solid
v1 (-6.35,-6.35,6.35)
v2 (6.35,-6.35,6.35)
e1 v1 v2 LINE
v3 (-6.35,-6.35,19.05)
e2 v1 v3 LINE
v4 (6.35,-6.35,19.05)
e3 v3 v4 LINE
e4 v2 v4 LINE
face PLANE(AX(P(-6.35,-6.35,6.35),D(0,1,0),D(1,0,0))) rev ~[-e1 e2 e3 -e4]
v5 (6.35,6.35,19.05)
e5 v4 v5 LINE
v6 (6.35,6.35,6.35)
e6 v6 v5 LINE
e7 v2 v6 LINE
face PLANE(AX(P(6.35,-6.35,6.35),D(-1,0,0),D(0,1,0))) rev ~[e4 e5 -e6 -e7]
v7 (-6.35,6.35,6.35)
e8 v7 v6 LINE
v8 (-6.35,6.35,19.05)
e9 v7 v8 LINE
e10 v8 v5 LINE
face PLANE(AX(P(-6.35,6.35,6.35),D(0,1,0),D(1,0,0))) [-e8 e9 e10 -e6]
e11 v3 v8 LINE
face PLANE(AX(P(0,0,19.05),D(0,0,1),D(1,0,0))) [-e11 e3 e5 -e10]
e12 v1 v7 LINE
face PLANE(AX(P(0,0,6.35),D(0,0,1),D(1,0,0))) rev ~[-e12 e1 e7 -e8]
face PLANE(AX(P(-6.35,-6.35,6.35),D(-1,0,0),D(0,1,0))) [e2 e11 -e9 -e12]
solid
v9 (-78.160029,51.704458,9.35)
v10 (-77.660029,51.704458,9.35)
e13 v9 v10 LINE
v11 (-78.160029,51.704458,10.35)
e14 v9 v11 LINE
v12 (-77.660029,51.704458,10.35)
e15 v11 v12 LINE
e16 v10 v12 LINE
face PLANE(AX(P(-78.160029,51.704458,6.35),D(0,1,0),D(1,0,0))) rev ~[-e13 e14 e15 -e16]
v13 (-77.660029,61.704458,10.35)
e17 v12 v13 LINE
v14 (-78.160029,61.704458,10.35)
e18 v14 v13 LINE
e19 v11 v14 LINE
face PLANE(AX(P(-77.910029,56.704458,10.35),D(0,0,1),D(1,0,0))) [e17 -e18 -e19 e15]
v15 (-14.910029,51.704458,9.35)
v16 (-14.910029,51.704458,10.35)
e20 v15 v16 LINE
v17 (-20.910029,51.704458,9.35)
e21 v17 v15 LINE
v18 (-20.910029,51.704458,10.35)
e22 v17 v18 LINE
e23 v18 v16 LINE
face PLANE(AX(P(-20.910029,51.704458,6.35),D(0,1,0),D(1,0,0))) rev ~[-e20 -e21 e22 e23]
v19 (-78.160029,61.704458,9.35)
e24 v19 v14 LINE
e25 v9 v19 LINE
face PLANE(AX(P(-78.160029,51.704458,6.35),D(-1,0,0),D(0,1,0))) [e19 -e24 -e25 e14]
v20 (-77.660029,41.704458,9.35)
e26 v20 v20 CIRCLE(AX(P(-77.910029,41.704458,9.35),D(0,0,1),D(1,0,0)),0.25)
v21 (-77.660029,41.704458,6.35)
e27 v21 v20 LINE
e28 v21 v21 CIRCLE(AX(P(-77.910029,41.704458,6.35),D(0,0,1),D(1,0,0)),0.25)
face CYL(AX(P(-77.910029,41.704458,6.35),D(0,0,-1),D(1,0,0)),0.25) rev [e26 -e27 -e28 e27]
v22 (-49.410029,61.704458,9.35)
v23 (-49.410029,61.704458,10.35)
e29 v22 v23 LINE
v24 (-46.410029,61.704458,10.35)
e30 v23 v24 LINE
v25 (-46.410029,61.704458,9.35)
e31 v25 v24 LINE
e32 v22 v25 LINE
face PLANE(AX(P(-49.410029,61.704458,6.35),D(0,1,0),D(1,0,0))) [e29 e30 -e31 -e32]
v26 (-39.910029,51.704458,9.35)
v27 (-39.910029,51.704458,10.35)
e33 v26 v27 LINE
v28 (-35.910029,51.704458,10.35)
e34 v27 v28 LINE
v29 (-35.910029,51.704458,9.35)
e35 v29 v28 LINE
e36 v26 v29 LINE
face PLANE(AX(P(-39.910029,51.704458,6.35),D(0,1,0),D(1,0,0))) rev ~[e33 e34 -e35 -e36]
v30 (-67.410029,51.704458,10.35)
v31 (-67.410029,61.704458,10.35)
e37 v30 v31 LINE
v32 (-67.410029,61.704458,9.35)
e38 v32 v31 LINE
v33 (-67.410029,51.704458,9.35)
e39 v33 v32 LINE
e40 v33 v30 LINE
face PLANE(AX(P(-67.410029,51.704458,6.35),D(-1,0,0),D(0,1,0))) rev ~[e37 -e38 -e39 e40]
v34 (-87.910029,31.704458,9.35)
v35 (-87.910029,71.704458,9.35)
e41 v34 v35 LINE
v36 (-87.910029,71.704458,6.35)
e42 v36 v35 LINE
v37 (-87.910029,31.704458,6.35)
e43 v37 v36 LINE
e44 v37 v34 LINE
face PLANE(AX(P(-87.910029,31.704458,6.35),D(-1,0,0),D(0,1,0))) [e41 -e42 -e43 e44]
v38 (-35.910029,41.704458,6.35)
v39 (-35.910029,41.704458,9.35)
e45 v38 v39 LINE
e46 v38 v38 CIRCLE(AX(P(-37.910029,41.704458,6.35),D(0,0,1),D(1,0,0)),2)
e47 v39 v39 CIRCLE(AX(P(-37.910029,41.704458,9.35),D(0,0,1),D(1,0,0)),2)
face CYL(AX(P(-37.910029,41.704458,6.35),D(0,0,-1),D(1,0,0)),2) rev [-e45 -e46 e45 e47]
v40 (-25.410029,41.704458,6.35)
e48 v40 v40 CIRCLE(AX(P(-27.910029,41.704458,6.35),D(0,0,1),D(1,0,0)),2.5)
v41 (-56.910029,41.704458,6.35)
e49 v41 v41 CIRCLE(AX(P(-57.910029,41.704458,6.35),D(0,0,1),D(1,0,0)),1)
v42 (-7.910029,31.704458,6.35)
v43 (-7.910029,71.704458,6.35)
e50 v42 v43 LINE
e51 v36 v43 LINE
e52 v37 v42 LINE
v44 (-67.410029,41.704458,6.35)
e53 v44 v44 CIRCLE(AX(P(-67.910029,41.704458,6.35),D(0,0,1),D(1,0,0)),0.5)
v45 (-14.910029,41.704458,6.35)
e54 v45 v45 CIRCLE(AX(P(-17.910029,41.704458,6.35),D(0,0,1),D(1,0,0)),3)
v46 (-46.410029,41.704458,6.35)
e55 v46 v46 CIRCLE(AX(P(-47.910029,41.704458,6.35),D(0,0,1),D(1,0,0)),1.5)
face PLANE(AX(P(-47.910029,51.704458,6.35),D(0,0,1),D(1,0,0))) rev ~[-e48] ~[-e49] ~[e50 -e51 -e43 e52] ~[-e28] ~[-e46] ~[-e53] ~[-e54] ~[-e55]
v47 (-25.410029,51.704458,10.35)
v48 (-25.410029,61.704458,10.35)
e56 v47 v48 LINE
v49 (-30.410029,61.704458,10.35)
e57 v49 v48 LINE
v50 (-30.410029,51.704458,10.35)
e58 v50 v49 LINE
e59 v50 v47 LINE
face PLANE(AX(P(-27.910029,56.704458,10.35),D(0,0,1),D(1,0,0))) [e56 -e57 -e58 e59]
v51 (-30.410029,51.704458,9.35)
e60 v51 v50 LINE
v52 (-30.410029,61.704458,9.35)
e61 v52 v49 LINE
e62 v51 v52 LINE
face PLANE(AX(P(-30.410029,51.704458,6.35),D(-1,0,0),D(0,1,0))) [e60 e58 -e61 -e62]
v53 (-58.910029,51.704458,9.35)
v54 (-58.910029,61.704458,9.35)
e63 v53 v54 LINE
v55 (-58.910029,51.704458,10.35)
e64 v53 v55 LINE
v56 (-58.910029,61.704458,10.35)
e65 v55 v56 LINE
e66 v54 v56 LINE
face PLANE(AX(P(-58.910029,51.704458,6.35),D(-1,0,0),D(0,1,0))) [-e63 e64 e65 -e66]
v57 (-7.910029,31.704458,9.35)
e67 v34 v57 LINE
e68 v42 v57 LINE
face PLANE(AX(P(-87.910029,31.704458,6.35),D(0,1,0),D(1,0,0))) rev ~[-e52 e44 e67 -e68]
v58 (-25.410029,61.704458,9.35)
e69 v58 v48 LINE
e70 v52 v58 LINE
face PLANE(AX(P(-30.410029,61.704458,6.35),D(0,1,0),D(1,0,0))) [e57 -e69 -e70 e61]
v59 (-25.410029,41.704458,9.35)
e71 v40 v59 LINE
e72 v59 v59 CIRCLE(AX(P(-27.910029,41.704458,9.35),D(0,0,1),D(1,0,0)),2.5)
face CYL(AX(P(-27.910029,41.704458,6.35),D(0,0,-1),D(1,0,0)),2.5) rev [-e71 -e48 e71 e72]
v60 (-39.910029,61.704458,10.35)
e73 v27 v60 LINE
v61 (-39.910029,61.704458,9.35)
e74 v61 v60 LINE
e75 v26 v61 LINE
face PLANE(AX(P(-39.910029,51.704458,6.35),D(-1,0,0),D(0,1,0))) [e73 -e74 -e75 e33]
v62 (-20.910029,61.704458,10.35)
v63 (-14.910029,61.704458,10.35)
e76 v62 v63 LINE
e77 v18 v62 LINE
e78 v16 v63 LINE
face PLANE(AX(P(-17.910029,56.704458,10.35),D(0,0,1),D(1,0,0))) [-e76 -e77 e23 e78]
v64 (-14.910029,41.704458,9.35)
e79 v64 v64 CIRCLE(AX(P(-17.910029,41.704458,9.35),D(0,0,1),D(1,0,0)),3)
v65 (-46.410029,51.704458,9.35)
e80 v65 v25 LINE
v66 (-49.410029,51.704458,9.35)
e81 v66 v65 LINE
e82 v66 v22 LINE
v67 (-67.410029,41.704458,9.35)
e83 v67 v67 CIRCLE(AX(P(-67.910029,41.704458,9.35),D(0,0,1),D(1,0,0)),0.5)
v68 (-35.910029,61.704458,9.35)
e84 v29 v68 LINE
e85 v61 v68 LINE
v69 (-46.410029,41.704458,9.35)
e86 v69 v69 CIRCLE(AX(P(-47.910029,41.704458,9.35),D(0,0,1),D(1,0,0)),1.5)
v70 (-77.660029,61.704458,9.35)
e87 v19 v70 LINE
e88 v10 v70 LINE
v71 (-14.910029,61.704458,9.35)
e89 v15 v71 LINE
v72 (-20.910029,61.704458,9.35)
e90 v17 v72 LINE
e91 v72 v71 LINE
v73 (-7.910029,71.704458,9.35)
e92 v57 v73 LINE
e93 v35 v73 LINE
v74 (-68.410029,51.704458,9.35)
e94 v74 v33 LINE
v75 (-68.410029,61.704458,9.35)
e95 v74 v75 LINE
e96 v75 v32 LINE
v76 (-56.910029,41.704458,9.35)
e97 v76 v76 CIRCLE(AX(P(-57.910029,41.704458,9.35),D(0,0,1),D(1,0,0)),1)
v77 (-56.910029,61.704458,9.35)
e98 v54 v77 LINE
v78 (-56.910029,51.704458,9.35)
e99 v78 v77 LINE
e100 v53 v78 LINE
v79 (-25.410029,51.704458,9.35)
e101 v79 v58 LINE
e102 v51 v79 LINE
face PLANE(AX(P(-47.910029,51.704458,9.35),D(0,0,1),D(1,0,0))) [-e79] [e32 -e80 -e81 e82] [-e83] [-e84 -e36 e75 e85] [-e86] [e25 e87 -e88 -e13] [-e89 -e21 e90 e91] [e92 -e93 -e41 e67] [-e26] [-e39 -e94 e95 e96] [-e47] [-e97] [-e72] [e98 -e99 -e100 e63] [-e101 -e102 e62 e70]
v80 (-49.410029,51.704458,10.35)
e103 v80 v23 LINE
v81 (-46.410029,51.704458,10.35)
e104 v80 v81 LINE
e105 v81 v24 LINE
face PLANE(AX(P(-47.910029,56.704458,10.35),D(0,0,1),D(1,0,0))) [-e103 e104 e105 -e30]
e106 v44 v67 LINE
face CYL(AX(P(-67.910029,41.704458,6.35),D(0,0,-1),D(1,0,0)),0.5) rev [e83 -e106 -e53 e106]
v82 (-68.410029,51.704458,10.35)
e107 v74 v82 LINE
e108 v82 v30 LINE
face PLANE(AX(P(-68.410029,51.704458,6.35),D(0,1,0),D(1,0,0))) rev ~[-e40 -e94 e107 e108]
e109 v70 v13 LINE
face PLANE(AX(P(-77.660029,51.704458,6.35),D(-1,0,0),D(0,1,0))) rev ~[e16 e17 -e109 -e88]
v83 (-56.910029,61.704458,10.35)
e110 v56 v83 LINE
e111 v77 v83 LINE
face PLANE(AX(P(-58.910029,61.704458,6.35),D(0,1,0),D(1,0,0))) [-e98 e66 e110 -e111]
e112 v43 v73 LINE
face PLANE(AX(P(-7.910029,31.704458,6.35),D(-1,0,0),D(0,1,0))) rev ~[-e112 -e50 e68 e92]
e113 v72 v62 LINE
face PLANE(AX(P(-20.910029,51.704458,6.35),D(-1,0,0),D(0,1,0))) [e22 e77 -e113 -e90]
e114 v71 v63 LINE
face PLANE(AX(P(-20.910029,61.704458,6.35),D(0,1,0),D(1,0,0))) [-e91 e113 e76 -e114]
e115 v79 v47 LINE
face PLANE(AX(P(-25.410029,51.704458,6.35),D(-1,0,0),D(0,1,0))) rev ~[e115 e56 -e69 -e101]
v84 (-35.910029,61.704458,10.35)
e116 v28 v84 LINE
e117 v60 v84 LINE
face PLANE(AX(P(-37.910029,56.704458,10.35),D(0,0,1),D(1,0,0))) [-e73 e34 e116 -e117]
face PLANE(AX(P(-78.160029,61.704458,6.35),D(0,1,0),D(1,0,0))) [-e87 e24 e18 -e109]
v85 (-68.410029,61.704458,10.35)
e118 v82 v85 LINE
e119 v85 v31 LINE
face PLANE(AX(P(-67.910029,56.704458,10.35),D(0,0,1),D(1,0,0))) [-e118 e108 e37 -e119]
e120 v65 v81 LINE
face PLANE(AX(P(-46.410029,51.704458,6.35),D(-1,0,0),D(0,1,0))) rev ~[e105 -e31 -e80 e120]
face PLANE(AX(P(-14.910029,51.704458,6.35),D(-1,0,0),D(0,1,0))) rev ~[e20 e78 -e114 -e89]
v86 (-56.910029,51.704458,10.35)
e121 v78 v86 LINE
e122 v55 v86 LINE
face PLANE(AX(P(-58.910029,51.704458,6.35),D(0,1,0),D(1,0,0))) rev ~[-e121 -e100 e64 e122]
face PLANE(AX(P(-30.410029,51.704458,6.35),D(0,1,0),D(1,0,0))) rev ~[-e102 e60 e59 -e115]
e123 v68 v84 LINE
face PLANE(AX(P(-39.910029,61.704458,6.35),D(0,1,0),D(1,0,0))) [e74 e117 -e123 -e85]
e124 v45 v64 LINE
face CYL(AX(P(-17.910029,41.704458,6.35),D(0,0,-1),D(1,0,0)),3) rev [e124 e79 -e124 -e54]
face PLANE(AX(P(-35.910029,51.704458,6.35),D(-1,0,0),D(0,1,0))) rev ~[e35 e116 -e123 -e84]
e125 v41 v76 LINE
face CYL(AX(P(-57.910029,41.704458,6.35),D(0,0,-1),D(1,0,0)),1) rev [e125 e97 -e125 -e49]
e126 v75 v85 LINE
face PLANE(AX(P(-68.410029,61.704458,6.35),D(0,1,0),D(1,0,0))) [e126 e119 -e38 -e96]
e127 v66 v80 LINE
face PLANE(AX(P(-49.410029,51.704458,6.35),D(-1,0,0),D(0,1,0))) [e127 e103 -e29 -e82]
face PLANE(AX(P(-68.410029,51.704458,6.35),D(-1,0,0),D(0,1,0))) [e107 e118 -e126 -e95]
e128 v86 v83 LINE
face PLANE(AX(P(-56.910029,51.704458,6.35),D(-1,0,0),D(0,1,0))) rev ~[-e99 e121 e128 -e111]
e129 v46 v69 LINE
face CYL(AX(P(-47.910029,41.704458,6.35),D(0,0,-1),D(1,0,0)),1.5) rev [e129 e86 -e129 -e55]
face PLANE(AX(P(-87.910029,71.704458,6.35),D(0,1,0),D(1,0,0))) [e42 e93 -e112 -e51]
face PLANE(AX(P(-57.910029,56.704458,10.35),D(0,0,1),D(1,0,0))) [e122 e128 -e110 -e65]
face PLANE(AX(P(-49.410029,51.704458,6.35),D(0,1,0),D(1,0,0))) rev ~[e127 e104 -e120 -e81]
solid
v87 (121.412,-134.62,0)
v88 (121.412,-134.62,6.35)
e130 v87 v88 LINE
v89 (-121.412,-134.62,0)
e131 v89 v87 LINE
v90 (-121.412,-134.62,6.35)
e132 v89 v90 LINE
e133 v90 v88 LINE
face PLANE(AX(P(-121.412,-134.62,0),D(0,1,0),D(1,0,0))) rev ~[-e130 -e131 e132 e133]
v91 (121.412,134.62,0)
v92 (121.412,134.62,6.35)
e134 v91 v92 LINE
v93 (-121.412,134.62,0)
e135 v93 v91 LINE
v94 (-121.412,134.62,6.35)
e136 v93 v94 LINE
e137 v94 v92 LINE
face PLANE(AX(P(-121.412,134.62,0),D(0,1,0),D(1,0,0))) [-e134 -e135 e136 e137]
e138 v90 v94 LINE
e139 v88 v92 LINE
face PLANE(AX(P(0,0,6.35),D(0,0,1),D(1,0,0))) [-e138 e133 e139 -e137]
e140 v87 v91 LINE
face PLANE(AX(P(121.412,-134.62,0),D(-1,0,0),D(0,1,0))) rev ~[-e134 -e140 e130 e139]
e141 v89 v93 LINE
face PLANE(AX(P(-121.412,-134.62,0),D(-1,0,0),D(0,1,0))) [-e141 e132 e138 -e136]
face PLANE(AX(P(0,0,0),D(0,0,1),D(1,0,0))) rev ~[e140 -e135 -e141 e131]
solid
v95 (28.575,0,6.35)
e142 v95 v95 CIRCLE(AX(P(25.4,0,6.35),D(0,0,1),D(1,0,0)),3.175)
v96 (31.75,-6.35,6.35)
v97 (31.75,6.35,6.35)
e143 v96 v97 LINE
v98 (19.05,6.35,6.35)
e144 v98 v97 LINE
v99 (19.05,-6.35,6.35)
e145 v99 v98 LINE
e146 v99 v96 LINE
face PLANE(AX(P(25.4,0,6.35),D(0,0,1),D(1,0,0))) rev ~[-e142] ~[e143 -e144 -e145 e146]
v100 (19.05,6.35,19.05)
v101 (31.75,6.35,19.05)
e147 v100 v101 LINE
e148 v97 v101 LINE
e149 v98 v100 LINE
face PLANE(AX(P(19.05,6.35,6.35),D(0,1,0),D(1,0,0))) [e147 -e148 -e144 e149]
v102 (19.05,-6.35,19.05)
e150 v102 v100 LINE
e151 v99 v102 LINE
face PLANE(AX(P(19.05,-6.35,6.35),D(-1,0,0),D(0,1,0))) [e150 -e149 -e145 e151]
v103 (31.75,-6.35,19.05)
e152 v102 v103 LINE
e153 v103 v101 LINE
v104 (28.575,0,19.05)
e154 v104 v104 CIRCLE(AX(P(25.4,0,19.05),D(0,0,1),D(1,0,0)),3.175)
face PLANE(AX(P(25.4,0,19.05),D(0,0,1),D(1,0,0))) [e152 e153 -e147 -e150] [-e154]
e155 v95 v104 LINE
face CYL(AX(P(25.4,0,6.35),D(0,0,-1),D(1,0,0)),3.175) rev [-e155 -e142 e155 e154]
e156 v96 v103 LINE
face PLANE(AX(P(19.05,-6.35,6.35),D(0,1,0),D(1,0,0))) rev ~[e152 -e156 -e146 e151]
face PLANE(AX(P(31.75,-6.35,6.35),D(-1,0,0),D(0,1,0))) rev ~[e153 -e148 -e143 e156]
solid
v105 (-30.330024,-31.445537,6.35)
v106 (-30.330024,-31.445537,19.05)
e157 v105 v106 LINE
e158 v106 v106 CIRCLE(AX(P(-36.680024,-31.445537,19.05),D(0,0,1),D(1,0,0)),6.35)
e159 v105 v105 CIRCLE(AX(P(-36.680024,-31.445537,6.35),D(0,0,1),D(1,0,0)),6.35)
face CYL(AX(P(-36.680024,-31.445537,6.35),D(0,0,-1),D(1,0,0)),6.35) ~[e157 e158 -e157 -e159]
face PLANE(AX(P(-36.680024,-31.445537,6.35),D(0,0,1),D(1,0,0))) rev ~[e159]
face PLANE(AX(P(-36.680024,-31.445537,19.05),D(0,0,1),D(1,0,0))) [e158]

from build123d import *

# Parameters (mm, degrees)
F0_W      = 242.824
F0_H      = 269.24
F1_DEPTH  = 6.35
F2_W      = 12.7
F2_H      = 12.7
F3_DEPTH  = 12.7
F4_W      = 12.7
F4_H      = 12.7
F4_R      = 3.175
F5_DEPTH  = 12.7
F6_R      = 6.35
F7_DEPTH  = 12.7
F8_W      = 80
F8_H      = 40
F8_R      = 0.25
F8_R_2    = 0.5
F8_W_2    = 0.5
F8_H_2    = 10
F8_W_3    = 1
F8_R_3    = 1
F8_R_4    = 1.5
F8_R_5    = 2
F8_W_4    = 2
F8_W_5    = 3
F8_W_6    = 4
F8_R_6    = 2.5
F8_R_7    = 3
F8_W_7    = 5
F8_W_8    = 6
F9_DEPTH  = 3
F10_DEPTH = 4


with BuildPart() as f1:
    # F0 (on Top) → F1 (new body)
    with BuildSketch(Plane.XY):
        Rectangle(F0_W, F0_H)
    extrude(amount=F1_DEPTH)


with BuildPart() as f3:
    # F2 (on face) → F3 (new body)
    with BuildSketch(Plane.XY.offset(6.35)):
        Rectangle(F2_W, F2_H)
    extrude(amount=F3_DEPTH)


with BuildPart() as f5:
    # F4 (on face) → F5 (new body)
    with BuildSketch(Plane.XY.offset(6.35)):
        with Locations((25.4, 0)):
            Rectangle(F4_W, F4_H)
        with Locations((25.4, 0)):
            Circle(F4_R, mode=Mode.SUBTRACT)
    extrude(amount=F5_DEPTH)


with BuildPart() as f7:
    # F6 (on face) → F7 (new body)
    with BuildSketch(Plane.XY.offset(6.35)):
        with Locations((-36.6800241172, -31.4455367625)):
            Circle(F6_R)
    extrude(amount=F7_DEPTH)


with BuildPart() as f9:
    # F8 (on face) → F9 (new body)
    with BuildSketch(Plane.XY.offset(6.35)):
        with Locations((-47.9100285936, 51.7044578493)):
            Rectangle(F8_W, F8_H)
        with Locations((-77.9100285936, 41.7044578493)):
            Circle(F8_R, mode=Mode.SUBTRACT)
        with Locations((-67.9100285936, 41.7044578493)):
            Circle(F8_R_2, mode=Mode.SUBTRACT)
        with Locations((-77.9100285936, 56.7044578493)):
            Rectangle(F8_W_2, F8_H_2, mode=Mode.SUBTRACT)
        with Locations((-67.9100285936, 56.7044578493)):
            Rectangle(F8_W_3, F8_H_2, mode=Mode.SUBTRACT)
        with Locations((-57.9100285936, 41.7044578493)):
            Circle(F8_R_3, mode=Mode.SUBTRACT)
        with Locations((-47.9100285936, 41.7044578493)):
            Circle(F8_R_4, mode=Mode.SUBTRACT)
        with Locations((-37.9100285936, 41.7044578493)):
            Circle(F8_R_5, mode=Mode.SUBTRACT)
        with Locations((-57.9100285936, 56.7044578493)):
            Rectangle(F8_W_4, F8_H_2, mode=Mode.SUBTRACT)
        with Locations((-47.9100285936, 56.7044578493)):
            Rectangle(F8_W_5, F8_H_2, mode=Mode.SUBTRACT)
        with Locations((-37.9100285936, 56.7044578493)):
            Rectangle(F8_W_6, F8_H_2, mode=Mode.SUBTRACT)
        with Locations((-27.9100285936, 41.7044578493)):
            Circle(F8_R_6, mode=Mode.SUBTRACT)
        with Locations((-17.9100285936, 41.7044578493)):
            Circle(F8_R_7, mode=Mode.SUBTRACT)
        with Locations((-27.9100285936, 56.7044578493)):
            Rectangle(F8_W_7, F8_H_2, mode=Mode.SUBTRACT)
        with Locations((-17.9100285936, 56.7044578493)):
            Rectangle(F8_W_8, F8_H_2, mode=Mode.SUBTRACT)
    extrude(amount=F9_DEPTH)

    # F8 (on face) → F10 (join)
    with BuildSketch(Plane.XY.offset(6.35)):
        with Locations((-17.9100285936, 56.7044578493)):
            Rectangle(F8_W_8, F8_H_2)
        with Locations((-27.9100285936, 56.7044578493)):
            Rectangle(F8_W_7, F8_H_2)
        with Locations((-37.9100285936, 56.7044578493)):
            Rectangle(F8_W_6, F8_H_2)
        with Locations((-47.9100285936, 56.7044578493)):
            Rectangle(F8_W_5, F8_H_2)
        with Locations((-57.9100285936, 56.7044578493)):
            Rectangle(F8_W_4, F8_H_2)
        with Locations((-67.9100285936, 56.7044578493)):
            Rectangle(F8_W_3, F8_H_2)
        with Locations((-77.9100285936, 56.7044578493)):
            Rectangle(F8_W_2, F8_H_2)
    extrude(amount=F10_DEPTH)


solid = Compound([f1.part, f3.part, f5.part, f7.part, f9.part])
